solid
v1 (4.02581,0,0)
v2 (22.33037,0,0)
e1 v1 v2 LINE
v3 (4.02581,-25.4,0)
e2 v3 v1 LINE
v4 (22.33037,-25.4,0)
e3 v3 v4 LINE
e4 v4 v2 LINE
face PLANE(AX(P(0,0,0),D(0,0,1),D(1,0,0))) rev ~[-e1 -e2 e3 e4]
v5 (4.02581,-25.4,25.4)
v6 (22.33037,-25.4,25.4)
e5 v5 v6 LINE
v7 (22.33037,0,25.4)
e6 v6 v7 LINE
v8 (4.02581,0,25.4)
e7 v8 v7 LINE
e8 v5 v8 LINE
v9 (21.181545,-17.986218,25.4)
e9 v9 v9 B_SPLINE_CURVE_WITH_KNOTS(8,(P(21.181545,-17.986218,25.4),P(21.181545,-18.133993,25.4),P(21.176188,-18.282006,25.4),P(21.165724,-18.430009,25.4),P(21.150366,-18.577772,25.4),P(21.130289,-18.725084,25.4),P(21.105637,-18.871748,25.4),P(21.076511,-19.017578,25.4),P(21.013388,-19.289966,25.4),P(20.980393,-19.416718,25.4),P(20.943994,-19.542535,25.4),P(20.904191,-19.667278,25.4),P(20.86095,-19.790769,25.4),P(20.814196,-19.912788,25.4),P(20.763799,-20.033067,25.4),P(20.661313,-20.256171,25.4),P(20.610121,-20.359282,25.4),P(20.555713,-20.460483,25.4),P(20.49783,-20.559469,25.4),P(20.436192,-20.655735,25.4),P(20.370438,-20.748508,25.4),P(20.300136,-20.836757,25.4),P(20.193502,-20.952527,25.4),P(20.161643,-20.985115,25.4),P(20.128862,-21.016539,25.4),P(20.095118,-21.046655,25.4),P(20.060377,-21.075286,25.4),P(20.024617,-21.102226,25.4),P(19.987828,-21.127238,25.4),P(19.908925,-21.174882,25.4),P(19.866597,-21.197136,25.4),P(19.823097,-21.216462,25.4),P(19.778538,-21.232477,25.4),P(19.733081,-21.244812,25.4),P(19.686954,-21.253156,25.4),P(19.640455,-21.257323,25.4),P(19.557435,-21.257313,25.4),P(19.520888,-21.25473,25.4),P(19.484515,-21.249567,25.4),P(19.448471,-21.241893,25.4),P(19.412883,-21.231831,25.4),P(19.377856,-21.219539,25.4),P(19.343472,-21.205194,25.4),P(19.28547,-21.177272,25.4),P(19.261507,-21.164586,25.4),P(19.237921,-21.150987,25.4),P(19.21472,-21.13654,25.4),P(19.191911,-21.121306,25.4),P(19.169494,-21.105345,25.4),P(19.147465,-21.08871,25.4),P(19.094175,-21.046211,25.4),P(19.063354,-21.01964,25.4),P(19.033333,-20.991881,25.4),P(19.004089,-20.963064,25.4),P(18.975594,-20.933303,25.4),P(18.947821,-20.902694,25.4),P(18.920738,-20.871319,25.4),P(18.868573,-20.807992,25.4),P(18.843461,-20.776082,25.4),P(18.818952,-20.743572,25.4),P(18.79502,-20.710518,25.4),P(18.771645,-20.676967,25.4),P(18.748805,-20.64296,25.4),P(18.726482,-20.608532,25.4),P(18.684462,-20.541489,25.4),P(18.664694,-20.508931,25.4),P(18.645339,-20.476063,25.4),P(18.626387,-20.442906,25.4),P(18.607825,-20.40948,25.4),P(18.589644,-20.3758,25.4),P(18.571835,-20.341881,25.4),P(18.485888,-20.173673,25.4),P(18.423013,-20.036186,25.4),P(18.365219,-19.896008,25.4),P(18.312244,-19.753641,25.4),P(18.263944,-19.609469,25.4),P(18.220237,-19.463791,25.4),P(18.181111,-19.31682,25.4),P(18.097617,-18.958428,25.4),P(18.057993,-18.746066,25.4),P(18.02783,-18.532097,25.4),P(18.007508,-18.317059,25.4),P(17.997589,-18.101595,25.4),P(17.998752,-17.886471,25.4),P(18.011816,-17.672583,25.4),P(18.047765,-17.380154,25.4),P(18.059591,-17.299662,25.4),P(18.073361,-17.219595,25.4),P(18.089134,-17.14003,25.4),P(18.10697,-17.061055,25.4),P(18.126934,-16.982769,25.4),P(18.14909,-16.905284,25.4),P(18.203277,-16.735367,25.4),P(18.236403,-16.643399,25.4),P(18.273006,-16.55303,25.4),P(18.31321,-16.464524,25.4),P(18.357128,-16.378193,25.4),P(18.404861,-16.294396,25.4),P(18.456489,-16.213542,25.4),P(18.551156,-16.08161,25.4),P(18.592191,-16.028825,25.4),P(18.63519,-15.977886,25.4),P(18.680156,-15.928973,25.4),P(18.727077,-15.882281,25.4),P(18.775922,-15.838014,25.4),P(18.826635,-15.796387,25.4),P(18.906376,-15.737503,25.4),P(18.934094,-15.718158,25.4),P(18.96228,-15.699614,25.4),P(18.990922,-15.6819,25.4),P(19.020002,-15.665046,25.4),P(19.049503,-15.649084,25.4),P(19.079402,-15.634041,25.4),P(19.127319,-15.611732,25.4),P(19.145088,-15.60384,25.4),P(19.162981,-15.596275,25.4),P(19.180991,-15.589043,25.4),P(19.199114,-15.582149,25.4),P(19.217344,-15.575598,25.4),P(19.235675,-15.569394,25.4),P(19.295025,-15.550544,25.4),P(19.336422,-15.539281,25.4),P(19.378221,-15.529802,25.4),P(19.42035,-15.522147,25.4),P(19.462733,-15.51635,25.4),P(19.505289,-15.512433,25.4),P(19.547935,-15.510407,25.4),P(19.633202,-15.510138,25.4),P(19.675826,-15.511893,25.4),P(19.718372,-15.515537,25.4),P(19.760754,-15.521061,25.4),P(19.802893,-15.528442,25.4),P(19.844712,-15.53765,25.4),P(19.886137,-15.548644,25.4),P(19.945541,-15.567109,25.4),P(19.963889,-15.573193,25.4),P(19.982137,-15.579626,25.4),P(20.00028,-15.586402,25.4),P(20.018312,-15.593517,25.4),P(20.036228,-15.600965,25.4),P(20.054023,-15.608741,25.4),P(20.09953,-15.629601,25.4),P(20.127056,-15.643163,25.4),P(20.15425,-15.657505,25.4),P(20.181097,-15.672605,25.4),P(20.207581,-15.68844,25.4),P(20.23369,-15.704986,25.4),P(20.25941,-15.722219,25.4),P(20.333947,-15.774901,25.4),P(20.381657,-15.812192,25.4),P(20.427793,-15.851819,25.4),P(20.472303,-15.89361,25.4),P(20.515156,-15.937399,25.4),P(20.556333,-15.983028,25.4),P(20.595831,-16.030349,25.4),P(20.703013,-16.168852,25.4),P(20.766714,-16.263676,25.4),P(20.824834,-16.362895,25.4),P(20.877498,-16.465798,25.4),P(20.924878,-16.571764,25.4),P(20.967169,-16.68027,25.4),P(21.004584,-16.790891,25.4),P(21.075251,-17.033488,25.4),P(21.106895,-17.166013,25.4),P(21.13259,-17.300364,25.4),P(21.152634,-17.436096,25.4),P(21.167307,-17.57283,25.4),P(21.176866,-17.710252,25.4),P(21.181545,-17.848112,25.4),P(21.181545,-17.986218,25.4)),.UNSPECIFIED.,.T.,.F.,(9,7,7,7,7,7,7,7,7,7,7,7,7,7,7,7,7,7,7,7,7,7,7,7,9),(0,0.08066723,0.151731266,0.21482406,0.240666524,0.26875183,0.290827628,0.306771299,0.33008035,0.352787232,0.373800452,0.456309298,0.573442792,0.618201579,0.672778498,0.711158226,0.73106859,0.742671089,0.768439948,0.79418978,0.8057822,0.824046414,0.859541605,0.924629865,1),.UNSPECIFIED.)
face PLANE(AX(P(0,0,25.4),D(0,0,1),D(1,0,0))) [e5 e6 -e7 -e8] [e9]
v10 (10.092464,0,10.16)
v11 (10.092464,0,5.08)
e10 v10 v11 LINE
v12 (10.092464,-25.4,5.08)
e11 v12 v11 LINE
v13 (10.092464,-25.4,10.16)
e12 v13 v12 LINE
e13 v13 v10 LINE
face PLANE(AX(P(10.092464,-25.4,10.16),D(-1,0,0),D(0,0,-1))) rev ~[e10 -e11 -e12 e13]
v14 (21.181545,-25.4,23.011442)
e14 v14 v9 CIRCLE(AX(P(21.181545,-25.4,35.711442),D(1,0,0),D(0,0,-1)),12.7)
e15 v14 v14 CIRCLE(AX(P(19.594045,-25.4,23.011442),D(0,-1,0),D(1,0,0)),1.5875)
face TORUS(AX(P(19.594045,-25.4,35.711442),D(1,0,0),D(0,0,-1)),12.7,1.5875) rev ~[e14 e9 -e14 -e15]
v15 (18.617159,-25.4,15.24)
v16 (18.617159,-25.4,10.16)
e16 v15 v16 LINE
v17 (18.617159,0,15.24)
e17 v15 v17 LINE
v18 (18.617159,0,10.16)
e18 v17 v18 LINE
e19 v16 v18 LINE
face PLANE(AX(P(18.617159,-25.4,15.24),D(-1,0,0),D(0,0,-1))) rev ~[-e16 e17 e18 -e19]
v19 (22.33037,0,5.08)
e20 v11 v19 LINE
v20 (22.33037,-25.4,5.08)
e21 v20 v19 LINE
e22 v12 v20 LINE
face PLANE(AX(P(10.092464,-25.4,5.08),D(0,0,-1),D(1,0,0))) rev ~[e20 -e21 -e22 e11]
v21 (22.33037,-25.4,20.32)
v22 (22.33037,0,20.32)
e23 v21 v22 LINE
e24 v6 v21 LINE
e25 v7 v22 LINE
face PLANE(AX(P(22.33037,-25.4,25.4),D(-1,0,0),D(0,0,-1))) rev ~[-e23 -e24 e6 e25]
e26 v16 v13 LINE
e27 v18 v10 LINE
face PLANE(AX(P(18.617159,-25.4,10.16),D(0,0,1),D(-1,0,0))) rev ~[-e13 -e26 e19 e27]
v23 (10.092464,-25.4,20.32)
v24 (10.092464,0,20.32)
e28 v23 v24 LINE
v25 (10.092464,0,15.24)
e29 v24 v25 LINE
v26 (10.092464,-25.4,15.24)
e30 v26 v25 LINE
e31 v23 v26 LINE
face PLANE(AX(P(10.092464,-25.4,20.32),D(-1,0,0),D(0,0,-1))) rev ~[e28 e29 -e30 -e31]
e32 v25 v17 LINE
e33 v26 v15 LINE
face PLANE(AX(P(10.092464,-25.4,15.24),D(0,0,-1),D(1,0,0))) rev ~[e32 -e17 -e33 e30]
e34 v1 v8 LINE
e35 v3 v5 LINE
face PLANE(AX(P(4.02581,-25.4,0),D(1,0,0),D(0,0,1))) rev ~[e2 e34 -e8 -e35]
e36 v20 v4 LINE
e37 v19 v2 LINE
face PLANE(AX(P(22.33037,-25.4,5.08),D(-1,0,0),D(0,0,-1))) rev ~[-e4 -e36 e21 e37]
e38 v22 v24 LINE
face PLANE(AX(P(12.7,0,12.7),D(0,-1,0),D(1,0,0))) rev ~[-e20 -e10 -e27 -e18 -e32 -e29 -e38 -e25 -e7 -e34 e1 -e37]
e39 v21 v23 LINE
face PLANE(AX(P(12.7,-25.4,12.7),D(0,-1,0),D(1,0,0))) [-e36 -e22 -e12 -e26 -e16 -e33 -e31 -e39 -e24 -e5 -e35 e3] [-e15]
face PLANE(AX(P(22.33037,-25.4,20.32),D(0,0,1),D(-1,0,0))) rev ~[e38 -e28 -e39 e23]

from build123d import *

# Parameters (mm, degrees)
F0_W     = 25.4
F0_H     = 25.4
F1_DEPTH = 25.4
F2_W     = 4.02581
F2_H     = 25.4
F3_DEPTH = 25.4
F4_R     = 1.5875


with BuildPart() as f1:
    # F0 (on Front) → F1 (new body)
    with BuildSketch(Plane.XZ):
        with Locations((12.7, 12.7)):
            Rectangle(F0_W, F0_H)
    extrude(amount=F1_DEPTH)

    # F2 (on face) → F3 (cut)
    with BuildSketch(Plane.XZ.offset(25.4)):
        with Locations((2.012905, 12.7)):
            Rectangle(F2_W, F2_H)
        Polygon((25.4, 25.4), (22.33037, 25.4), (22.33037, 20.32), (10.092464, 20.32), (10.092464, 15.24), (18.617159, 15.24), (18.617159, 10.16), (10.092464, 10.16), (10.092464, 5.08), (22.33037, 5.08), (22.33037, 0), (25.4, 0), align=None)
    extrude(amount=-F3_DEPTH, mode=Mode.SUBTRACT)

    # F4 (on face) → F5 (revolve, cut)
    with BuildSketch(Plane.XZ.offset(25.4)):
        with Locations((19.594045, 23.011442)):
            Circle(F4_R)
    revolve(axis=Axis((19.811029, -25.4, 35.711442), (1, 0, 0)), mode=Mode.SUBTRACT)


solid = f1.part
